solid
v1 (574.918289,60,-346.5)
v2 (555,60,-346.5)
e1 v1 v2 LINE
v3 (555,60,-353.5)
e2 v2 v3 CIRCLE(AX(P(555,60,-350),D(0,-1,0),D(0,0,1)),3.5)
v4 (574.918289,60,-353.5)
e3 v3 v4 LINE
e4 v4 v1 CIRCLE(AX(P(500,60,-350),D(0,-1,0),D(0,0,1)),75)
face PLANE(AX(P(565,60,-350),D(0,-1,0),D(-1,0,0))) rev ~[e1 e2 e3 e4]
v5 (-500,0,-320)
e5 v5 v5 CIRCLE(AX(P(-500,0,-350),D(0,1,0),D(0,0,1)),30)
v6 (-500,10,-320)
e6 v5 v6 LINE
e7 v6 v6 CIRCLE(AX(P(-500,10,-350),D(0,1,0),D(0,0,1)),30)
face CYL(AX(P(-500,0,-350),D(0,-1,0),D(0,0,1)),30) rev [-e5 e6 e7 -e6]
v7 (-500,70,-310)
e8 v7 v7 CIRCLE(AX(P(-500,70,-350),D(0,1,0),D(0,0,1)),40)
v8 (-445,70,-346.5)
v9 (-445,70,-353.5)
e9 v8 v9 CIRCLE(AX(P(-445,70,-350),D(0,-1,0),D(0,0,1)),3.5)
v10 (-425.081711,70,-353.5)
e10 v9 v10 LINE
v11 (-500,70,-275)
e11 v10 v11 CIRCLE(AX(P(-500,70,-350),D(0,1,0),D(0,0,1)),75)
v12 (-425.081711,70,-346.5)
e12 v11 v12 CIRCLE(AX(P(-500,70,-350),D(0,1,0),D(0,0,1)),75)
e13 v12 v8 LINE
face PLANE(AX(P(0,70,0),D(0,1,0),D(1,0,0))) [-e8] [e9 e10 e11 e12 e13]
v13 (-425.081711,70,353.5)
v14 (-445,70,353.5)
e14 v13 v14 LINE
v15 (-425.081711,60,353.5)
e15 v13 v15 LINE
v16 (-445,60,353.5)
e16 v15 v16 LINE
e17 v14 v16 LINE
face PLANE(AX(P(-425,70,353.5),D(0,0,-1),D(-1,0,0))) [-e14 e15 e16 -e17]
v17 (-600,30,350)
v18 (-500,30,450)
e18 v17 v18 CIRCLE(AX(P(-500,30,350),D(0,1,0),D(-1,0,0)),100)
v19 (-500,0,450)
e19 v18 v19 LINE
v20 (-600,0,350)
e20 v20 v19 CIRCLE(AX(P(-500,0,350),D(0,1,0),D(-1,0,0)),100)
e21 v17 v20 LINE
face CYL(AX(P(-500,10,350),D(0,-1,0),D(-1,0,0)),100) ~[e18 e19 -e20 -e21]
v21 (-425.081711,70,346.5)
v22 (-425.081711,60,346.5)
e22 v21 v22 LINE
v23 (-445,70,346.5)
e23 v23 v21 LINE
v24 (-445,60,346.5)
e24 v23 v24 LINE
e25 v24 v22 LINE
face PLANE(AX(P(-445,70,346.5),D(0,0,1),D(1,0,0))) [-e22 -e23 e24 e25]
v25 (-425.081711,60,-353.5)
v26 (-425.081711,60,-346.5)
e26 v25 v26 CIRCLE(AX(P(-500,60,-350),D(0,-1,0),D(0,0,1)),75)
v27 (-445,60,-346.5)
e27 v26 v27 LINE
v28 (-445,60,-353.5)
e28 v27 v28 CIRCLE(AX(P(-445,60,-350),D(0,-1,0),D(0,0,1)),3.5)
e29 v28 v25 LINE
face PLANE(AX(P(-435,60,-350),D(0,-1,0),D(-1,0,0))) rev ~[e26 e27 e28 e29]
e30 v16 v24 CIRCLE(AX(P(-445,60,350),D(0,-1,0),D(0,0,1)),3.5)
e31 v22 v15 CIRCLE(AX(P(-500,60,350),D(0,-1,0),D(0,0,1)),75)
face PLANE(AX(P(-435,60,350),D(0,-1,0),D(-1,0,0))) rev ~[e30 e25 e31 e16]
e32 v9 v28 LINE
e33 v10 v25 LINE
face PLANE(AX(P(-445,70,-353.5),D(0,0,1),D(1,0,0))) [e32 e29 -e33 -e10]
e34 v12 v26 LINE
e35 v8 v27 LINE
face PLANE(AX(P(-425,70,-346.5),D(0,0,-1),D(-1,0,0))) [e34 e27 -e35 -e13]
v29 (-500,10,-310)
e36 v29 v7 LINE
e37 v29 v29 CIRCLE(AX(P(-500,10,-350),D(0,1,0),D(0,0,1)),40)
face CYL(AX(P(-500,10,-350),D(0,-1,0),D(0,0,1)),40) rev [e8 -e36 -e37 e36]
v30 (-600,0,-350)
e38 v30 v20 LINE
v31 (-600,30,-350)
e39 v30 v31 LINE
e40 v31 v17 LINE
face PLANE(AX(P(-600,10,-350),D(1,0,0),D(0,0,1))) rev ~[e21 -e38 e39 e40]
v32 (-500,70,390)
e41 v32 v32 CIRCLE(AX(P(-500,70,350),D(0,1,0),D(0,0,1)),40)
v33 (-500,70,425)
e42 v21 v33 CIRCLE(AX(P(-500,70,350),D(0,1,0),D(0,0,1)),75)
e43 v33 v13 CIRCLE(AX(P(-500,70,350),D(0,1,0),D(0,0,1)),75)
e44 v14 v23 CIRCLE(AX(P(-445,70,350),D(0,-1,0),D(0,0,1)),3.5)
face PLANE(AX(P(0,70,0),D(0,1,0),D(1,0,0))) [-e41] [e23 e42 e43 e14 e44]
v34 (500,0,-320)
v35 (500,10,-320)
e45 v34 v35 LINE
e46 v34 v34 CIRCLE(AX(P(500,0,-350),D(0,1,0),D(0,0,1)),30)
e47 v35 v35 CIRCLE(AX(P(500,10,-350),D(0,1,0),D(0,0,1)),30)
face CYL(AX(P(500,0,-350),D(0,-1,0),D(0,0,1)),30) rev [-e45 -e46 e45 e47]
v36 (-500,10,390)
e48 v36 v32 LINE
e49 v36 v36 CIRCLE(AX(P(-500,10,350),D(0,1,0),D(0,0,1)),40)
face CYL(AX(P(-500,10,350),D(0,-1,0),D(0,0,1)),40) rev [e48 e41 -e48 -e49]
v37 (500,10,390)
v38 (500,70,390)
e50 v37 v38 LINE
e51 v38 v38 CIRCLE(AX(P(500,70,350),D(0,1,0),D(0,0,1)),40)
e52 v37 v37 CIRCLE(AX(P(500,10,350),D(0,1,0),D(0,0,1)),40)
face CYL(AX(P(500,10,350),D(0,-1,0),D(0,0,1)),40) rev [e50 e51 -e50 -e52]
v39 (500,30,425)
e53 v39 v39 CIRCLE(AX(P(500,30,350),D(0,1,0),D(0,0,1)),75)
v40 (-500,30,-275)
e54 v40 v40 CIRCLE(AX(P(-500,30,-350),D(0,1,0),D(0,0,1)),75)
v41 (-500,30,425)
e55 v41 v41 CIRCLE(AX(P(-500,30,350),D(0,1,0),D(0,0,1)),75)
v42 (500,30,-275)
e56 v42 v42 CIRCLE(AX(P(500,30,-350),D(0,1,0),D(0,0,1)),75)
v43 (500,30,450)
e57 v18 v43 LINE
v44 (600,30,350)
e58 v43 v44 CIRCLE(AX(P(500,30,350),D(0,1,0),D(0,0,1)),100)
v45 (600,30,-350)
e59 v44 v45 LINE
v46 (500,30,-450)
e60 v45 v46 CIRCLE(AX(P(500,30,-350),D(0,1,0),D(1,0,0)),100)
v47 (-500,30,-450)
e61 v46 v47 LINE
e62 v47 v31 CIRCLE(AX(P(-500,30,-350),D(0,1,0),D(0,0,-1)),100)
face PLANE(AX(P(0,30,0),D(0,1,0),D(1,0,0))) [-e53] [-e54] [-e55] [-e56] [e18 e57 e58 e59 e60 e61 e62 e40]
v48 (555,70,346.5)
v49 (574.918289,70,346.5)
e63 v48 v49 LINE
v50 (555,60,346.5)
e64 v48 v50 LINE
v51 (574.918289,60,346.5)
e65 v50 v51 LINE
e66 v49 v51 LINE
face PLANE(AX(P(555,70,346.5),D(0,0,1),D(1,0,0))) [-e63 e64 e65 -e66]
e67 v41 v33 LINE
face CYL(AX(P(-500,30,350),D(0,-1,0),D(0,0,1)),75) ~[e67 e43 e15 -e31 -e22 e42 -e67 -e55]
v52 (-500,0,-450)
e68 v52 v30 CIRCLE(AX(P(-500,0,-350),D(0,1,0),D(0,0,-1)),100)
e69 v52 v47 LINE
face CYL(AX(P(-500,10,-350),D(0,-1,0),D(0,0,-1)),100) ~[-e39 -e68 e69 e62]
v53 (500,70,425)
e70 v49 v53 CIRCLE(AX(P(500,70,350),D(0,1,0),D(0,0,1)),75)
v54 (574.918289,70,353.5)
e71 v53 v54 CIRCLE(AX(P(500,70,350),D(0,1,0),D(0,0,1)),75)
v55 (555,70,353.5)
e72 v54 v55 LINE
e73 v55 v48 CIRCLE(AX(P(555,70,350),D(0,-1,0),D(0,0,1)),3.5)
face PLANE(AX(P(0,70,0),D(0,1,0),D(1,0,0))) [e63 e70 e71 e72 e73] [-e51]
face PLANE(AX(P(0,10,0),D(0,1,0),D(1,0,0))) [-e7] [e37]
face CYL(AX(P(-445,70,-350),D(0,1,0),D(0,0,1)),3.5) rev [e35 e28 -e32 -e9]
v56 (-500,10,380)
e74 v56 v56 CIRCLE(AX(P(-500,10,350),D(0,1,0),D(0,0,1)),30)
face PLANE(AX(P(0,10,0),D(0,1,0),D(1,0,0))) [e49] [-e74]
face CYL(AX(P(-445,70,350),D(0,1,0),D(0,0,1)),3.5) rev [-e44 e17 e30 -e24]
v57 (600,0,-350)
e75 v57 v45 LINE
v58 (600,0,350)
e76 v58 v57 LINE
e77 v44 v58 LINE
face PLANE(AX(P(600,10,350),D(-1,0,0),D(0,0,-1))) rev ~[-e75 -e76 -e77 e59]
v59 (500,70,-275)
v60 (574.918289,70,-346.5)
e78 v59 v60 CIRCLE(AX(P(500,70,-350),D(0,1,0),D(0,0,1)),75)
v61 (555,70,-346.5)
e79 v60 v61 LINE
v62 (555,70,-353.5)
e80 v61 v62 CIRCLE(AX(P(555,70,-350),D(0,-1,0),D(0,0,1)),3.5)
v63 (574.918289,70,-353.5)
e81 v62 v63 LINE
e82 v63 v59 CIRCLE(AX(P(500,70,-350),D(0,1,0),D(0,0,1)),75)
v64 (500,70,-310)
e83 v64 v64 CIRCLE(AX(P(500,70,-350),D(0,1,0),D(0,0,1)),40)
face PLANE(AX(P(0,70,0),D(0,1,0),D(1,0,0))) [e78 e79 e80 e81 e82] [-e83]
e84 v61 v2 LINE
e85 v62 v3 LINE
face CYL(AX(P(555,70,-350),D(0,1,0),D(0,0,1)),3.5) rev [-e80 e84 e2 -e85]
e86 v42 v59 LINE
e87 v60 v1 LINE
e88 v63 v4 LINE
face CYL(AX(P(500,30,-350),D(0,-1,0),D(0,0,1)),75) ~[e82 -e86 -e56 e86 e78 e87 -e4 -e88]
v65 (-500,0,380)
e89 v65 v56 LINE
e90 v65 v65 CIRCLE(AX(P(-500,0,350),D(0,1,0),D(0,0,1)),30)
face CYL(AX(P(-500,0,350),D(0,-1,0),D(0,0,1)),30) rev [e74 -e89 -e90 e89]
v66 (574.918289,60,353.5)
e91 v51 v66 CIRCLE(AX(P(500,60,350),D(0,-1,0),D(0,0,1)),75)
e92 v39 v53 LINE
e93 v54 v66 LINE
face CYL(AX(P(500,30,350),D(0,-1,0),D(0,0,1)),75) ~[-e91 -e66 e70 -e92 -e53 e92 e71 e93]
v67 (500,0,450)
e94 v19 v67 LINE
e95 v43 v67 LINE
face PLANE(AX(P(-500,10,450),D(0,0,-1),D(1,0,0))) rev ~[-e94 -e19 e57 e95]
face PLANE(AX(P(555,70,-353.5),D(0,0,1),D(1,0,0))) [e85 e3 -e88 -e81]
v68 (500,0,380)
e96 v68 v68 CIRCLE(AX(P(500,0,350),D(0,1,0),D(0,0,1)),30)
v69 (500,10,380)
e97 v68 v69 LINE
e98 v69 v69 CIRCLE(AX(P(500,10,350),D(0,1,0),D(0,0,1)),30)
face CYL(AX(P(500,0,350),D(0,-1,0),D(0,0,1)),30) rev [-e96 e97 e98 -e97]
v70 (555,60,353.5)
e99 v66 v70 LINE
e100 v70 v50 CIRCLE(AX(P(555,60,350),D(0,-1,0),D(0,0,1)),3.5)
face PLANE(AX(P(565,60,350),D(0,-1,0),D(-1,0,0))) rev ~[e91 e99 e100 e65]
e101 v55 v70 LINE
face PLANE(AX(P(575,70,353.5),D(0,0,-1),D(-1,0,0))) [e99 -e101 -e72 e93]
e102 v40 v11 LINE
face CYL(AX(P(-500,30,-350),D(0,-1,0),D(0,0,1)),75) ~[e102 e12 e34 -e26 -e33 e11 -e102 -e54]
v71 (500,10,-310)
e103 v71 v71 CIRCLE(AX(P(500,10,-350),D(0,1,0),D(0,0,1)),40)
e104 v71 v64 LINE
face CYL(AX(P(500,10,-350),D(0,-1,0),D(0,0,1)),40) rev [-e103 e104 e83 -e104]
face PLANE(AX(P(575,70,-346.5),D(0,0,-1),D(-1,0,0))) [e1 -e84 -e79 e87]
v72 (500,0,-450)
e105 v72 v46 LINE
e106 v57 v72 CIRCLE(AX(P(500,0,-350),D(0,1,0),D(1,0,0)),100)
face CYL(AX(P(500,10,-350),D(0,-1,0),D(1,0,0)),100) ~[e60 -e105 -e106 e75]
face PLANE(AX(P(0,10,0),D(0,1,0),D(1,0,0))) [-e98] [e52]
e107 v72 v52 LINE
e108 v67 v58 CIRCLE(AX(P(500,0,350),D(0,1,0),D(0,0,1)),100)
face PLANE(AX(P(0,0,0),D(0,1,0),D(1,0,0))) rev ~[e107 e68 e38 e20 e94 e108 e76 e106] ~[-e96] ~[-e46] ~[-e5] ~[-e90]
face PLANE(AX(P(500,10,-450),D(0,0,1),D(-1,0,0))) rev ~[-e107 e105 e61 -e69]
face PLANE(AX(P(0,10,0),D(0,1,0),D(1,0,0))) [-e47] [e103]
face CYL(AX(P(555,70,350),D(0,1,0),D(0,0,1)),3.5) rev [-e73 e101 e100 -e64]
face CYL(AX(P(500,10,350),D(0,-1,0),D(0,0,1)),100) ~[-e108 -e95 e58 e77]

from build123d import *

# Parameters (mm, degrees)
SKETCH_1_R          = 30
EXTRUDE_1_DEPTH     = 10
SKETCH_2_R          = 40
EXTRUDE_2_DEPTH     = 60
CUT_EXTRUDE_START   = -40
SKETCH_3_R          = 75
CUT_EXTRUDE_1_DEPTH = 40
CUT_EXTRUDE_2_DEPTH = 10


with BuildPart() as part:
    # 草图1 → 凸台-拉伸1 (new body)
    with BuildSketch(Plane(origin=(0, 0, 0), x_dir=(1, 0, 0), z_dir=(0, 1, 0))):
        with BuildLine():
            Line((-500, -450), (500, -450))
            ThreePointArc((500, -450), (570.710678119, -420.710678119), (600, -350))
            Line((600, -350), (600, 350))
            ThreePointArc((600, 350), (570.710678119, 420.710678119), (500, 450))
            Line((500, 450), (-500, 450))
            ThreePointArc((-500, 450), (-570.710678119, 420.710678119), (-600, 350))
            Line((-600, 350), (-600, -350))
            ThreePointArc((-600, -350), (-570.710678119, -420.710678119), (-500, -450))
        make_face()
        with Locations((-500, 350)):
            Circle(SKETCH_1_R, mode=Mode.SUBTRACT)
        with Locations((500, 350)):
            Circle(SKETCH_1_R, mode=Mode.SUBTRACT)
        with Locations((-500, -350)):
            Circle(SKETCH_1_R, mode=Mode.SUBTRACT)
        with Locations((500, -350)):
            Circle(SKETCH_1_R, mode=Mode.SUBTRACT)
    extrude(amount=EXTRUDE_1_DEPTH)

    # 草图2 → 凸台-拉伸2 (add)
    with BuildSketch(Plane(origin=(0, 10, 0), x_dir=(1, 0, 0), z_dir=(0, 1, 0))):
        with BuildLine():
            Line((600, -350), (600, 350))
            ThreePointArc((600, 350), (570.710678119, 420.710678119), (500, 450))
            Line((500, 450), (-500, 450))
            ThreePointArc((-500, 450), (-570.710678119, 420.710678119), (-600, 350))
            Line((-600, 350), (-600, -350))
            ThreePointArc((-600, -350), (-570.710678119, -420.710678119), (-500, -450))
            Line((-500, -450), (500, -450))
            ThreePointArc((500, -450), (570.710678119, -420.710678119), (600, -350))
        make_face()
        with Locations((-500, 350)):
            Circle(SKETCH_2_R, mode=Mode.SUBTRACT)
        with Locations((-500, -350)):
            Circle(SKETCH_2_R, mode=Mode.SUBTRACT)
        with Locations((500, -350)):
            Circle(SKETCH_2_R, mode=Mode.SUBTRACT)
        with Locations((500, 350)):
            Circle(SKETCH_2_R, mode=Mode.SUBTRACT)
    extrude(amount=EXTRUDE_2_DEPTH)

    # 草图3 → 切除-拉伸1 (cut)
    with BuildSketch(Plane(origin=(0, 70, 0), x_dir=(1, 0, 0), z_dir=(0, 1, 0)).offset(CUT_EXTRUDE_START)):
        with BuildLine():
            Line((600, -350), (600, 350))
            ThreePointArc((600, 350), (570.710678119, 420.710678119), (500, 450))
            Line((500, 450), (-500, 450))
            ThreePointArc((-500, 450), (-570.710678119, 420.710678119), (-600, 350))
            Line((-600, 350), (-600, -350))
            ThreePointArc((-600, -350), (-570.710678119, -420.710678119), (-500, -450))
            Line((-500, -450), (500, -450))
            ThreePointArc((500, -450), (570.710678119, -420.710678119), (600, -350))
        make_face()
        with Locations((-500, 350)):
            Circle(SKETCH_3_R, mode=Mode.SUBTRACT)
        with Locations((-500, -350)):
            Circle(SKETCH_3_R, mode=Mode.SUBTRACT)
        with Locations((500, 350)):
            Circle(SKETCH_3_R, mode=Mode.SUBTRACT)
        with Locations((500, -350)):
            Circle(SKETCH_3_R, mode=Mode.SUBTRACT)
    extrude(amount=CUT_EXTRUDE_1_DEPTH, mode=Mode.SUBTRACT)

    # 草图7 → 切除-拉伸2 (cut)
    with BuildSketch(Plane(origin=(0, 70, 0), x_dir=(1, 0, 0), z_dir=(0, 1, 0))):
        with BuildLine():
            Line((-425, 346.5), (-445, 346.5))
            ThreePointArc((-445, 346.5), (-448.5, 350), (-445, 353.5))
            Line((-445, 353.5), (-425, 353.5))
            ThreePointArc((-425, 353.5), (-421.5, 350), (-425, 346.5))
        make_face()
        with BuildLine():
            Line((575, 346.5), (555, 346.5))
            ThreePointArc((555, 346.5), (551.5, 350), (555, 353.5))
            Line((555, 353.5), (575, 353.5))
            ThreePointArc((575, 353.5), (578.5, 350), (575, 346.5))
        make_face()
        with BuildLine():
            Line((575, -353.5), (555, -353.5))
            ThreePointArc((555, -353.5), (551.5, -350), (555, -346.5))
            Line((555, -346.5), (575, -346.5))
            ThreePointArc((575, -346.5), (578.5, -350), (575, -353.5))
        make_face()
        with BuildLine():
            Line((-425, -353.5), (-445, -353.5))
            ThreePointArc((-445, -353.5), (-448.5, -350), (-445, -346.5))
            Line((-445, -346.5), (-425, -346.5))
            ThreePointArc((-425, -346.5), (-421.5, -350), (-425, -353.5))
        make_face()
    extrude(amount=-CUT_EXTRUDE_2_DEPTH, mode=Mode.SUBTRACT)


solid = part.part
